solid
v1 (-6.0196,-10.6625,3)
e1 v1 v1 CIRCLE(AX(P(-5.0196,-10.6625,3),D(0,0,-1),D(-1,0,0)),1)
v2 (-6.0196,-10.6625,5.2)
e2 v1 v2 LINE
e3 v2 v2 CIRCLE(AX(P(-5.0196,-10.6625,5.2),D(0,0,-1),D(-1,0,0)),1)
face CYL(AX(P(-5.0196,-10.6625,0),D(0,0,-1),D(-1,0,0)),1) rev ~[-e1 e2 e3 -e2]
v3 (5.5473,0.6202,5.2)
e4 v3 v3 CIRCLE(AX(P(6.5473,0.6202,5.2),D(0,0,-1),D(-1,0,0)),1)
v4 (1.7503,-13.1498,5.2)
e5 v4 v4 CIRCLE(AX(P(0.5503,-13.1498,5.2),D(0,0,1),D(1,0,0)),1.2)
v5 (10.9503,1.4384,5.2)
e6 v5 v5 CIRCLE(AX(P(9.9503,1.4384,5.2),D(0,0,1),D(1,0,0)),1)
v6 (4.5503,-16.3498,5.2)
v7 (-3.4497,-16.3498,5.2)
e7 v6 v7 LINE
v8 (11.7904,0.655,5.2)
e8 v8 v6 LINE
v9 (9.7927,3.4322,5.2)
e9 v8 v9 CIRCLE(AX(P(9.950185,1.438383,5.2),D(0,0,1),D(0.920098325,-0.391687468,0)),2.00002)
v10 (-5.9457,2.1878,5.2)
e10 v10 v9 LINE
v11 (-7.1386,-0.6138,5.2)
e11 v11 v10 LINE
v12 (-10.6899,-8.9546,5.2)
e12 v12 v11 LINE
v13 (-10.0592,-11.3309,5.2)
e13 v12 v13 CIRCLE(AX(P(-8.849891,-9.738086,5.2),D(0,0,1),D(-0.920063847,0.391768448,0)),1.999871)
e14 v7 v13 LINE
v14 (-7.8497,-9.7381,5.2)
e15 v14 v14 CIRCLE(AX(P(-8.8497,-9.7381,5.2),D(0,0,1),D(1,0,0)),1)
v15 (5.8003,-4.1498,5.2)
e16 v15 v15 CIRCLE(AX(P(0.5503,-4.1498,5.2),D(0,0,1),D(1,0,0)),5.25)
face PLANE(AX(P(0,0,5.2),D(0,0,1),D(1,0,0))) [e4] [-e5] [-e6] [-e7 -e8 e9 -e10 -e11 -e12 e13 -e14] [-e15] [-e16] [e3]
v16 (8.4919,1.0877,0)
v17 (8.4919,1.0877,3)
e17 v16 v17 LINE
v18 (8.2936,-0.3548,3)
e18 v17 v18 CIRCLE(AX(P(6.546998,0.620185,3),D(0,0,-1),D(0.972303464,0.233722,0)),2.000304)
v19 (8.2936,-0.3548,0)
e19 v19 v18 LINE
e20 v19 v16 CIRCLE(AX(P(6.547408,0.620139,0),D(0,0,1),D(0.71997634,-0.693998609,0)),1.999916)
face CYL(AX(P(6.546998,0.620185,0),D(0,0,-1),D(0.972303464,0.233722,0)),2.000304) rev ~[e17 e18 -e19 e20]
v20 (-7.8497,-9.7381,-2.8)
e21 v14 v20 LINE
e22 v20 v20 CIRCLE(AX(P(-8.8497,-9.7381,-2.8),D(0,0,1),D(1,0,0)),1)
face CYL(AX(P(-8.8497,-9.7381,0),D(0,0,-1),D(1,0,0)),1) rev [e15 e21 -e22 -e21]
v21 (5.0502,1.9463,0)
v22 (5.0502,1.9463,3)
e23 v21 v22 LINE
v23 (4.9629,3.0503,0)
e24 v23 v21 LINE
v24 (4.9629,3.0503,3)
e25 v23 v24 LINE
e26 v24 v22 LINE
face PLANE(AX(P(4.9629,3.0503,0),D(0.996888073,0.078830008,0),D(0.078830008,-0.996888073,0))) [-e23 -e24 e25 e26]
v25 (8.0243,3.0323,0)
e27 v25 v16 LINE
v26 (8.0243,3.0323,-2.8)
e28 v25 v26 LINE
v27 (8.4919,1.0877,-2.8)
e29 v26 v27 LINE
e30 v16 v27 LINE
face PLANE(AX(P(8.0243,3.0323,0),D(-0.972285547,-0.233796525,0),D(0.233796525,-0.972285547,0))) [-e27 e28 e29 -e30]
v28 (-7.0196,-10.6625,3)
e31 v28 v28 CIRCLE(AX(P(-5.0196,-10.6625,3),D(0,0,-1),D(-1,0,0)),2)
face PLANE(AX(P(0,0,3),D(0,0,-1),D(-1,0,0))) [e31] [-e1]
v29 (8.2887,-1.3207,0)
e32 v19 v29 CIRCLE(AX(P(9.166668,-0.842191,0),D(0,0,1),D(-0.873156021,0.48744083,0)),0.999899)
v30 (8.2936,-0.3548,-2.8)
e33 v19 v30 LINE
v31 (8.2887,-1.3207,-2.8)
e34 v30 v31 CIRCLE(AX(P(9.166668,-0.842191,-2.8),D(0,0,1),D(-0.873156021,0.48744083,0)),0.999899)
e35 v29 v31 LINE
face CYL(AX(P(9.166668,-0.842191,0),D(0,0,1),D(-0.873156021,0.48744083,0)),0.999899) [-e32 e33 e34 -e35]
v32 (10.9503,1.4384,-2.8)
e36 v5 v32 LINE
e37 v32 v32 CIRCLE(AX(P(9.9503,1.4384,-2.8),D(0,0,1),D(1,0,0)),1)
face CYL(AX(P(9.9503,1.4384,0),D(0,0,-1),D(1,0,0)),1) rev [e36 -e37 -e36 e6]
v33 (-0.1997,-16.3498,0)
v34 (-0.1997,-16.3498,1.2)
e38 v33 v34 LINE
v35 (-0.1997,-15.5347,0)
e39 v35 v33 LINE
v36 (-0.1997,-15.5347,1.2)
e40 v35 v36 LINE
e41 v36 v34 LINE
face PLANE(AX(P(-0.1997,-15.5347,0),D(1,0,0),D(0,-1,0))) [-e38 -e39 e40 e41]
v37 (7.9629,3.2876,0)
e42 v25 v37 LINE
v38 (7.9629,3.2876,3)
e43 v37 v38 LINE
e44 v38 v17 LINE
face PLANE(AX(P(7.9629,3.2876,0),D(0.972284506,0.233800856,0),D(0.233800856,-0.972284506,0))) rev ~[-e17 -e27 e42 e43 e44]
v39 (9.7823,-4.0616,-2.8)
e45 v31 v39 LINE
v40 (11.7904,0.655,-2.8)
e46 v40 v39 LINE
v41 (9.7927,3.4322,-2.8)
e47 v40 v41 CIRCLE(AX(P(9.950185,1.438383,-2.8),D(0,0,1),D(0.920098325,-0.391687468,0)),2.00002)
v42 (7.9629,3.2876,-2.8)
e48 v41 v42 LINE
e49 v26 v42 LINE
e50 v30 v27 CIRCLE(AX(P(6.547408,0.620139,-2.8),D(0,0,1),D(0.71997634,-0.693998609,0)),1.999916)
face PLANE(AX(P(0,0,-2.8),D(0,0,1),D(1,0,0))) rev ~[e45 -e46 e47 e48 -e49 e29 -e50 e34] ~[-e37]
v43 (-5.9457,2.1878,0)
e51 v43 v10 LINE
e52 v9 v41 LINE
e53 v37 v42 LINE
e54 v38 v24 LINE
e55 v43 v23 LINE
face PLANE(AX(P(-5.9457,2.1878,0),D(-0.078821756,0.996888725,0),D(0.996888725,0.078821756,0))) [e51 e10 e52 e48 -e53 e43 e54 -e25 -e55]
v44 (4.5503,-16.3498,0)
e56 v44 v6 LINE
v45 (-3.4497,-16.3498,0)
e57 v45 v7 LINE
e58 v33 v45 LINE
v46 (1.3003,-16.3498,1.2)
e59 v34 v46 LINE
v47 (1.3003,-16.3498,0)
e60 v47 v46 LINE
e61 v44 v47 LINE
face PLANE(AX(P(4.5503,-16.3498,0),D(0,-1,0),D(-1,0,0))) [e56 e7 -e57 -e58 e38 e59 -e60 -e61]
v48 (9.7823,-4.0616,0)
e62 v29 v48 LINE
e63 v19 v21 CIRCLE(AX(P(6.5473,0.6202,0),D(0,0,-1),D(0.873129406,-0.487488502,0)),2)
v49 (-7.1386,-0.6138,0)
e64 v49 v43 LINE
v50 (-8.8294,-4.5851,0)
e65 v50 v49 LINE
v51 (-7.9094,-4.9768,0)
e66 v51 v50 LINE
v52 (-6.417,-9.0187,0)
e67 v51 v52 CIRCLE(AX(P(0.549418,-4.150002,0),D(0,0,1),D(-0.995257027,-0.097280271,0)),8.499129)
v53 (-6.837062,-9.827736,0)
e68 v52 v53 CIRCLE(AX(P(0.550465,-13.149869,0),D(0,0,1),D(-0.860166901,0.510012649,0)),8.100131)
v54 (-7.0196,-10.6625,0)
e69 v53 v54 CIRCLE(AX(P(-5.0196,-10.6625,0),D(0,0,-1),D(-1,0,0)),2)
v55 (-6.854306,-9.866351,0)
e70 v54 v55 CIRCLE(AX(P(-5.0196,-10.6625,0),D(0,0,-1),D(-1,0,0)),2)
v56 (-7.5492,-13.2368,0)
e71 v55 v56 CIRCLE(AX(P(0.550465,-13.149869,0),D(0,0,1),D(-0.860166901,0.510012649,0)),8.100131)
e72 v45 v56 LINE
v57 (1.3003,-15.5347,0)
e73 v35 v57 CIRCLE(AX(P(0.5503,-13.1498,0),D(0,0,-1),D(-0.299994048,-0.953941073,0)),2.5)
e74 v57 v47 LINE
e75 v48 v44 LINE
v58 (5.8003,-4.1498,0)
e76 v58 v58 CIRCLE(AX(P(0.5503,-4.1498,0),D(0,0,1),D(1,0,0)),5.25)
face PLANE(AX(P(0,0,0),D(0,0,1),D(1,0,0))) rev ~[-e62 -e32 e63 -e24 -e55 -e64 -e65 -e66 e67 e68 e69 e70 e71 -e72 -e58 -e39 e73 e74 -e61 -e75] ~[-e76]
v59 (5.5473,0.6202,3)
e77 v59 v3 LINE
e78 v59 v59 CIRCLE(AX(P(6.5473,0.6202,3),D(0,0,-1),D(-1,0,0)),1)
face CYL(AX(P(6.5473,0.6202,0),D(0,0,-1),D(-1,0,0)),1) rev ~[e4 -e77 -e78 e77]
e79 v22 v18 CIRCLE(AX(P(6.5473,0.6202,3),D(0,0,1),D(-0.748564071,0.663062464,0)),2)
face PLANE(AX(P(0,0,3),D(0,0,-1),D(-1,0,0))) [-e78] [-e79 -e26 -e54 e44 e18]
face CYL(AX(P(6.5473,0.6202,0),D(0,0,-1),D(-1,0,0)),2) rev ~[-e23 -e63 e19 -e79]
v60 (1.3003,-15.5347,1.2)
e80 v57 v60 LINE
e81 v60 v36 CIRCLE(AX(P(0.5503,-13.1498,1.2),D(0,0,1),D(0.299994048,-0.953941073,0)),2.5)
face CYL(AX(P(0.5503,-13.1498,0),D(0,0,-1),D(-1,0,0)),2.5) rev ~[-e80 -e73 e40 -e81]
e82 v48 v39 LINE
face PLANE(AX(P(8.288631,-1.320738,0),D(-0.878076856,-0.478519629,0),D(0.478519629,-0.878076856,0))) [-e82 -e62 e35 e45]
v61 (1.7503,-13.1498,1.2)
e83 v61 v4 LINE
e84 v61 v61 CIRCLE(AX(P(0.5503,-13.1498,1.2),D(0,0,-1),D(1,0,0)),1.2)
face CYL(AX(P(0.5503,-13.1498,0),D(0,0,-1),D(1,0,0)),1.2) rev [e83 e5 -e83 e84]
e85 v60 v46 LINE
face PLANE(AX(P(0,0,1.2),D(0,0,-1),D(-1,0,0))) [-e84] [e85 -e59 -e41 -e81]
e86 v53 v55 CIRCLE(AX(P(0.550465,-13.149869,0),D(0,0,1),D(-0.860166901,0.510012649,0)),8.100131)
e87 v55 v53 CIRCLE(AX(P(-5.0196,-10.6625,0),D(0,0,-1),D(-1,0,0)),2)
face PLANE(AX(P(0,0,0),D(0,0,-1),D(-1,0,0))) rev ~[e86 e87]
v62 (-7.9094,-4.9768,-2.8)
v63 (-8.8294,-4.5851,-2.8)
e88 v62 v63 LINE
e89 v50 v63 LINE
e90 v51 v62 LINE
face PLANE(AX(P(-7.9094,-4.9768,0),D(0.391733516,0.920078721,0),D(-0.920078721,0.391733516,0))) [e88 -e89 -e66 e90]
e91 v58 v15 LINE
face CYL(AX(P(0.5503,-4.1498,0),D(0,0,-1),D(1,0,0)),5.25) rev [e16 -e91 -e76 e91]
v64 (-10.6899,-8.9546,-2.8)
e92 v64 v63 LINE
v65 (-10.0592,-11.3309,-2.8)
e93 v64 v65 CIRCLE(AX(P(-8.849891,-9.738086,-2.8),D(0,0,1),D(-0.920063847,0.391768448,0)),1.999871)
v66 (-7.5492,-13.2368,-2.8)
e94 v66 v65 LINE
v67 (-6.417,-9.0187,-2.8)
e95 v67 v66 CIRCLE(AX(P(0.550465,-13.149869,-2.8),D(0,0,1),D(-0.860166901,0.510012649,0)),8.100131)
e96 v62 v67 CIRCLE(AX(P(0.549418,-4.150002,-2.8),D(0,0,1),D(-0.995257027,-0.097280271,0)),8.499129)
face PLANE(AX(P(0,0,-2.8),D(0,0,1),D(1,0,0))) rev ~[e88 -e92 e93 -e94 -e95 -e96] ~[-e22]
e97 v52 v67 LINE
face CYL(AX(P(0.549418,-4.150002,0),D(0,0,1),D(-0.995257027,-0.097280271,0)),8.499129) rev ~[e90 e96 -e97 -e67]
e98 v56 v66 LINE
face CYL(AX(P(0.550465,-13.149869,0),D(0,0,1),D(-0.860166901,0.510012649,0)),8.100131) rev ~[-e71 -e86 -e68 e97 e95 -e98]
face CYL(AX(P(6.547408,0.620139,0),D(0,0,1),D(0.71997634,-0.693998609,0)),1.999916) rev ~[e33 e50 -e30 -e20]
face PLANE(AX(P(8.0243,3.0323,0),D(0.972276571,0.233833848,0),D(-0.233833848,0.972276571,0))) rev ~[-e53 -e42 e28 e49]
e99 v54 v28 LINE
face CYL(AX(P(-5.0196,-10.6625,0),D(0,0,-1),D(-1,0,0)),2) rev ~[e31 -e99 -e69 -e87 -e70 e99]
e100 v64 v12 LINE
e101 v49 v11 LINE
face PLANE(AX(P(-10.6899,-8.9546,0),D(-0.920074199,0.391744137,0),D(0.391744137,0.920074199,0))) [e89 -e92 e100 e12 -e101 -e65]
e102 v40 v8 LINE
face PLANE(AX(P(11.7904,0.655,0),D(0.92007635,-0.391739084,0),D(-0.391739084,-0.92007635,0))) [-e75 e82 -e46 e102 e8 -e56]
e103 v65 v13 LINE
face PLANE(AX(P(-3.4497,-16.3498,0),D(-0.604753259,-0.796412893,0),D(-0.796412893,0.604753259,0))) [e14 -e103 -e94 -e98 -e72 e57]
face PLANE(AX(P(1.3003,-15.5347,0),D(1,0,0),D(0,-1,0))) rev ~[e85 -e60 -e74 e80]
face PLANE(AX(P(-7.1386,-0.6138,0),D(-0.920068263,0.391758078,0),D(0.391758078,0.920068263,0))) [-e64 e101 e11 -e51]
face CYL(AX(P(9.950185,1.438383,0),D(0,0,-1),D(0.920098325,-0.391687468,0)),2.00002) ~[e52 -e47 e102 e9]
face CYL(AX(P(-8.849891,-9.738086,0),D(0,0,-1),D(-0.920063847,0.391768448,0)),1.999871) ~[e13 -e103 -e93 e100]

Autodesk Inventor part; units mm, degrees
sketch "sk_mainbody" plane through (0, 0, 0) normal (0, 0, 1) x (1, 0, 0)
  line L0 (-7.1386, -0.6138) -> (9.4827, 3.383) construction
  line L1 (-10.6899, -8.9546) -> (-7.1386, -0.6138) projected
  arc A0 (-10.6899, -8.9546) -> (-10.0592, -11.3309) centre (-8.8497, -9.7381) ccw projected
  line L2 (-3.4497, -16.3498) -> (-10.0592, -11.3309) projected
  circle A1 centre (-8.8497, -9.7381) radius 1 projected
  circle A2 centre (9.9503, 1.4384) radius 1 projected
  arc A3 (11.7904, 0.655) -> (9.4827, 3.383) centre (9.9503, 1.4384) ccw projected
  line L3 (11.7904, 0.655) -> (4.5503, -16.3498) projected
  line L4 (4.5503, -16.3498) -> (-3.4497, -16.3498) projected
  circle A4 centre (0.5503, -4.1498) radius 3.4 construction
  circle A5 centre (0.5503, -13.1498) radius 1 construction
  circle A6 centre (0.5503, -4.1498) radius 5.25
  line L5 (-7.1386, -0.6138) -> (-5.9457, 2.1878)
  line L6 (-5.9457, 2.1878) -> (9.7927, 3.4322)
  circle A7 centre (0.5503, -13.1498) radius 1.2
  point P0 (0, 0)
  dimension "d0" = 10.5
  dimension "d1" = 9
  dimension "d37" = 2.4
extrude "ext_mainbody" add sketch "sk_mainbody" along normal blind 5.2
sketch "sk_bottomsupport" plane through (0, 0, 0) normal (0, 0, 1) x (1, 0, 0)
  line L0 (-10.6899, -8.9546) -> (-7.1386, -0.6138) projected
  arc A0 (-10.6899, -8.9546) -> (-10.0592, -11.3309) centre (-8.8497, -9.7381) ccw projected
  line L1 (-3.4497, -16.3498) -> (-10.0592, -11.3309) projected
  line L2 (4.5503, -16.3498) -> (-3.4497, -16.3498) projected
  line L3 (11.7904, 0.655) -> (4.5503, -16.3498) projected
  arc A1 (11.7904, 0.655) -> (9.4827, 3.383) centre (9.9503, 1.4384) ccw projected
  line L4 (-7.1386, -0.6138) -> (9.4827, 3.383) projected
  circle A2 centre (-8.8497, -9.7381) radius 1 projected
  circle A3 centre (9.9503, 1.4384) radius 1 projected
  circle A4 centre (0.5503, -13.1498) radius 1 construction
  arc A5 (-6.417, -9.0187) -> (-7.5492, -13.2368) centre (0.5503, -13.1498) ccw
  circle A6 centre (-4.5247, -4.1498) radius 1 construction
  circle A7 centre (0.5503, -4.1498) radius 3.4 construction
  circle A8 centre (0.5503, -4.1498) radius 5 construction
  circle A9 centre (-5.0196, -10.6625) radius 2 construction
  circle A10 centre (6.5473, 0.6202) radius 2 construction
  circle A11 centre (6.5473, 0.6202) radius 1
  circle A12 centre (-5.0196, -10.6625) radius 1
  circle A13 centre (9.9503, 1.4384) radius 1.5 construction
  circle A14 centre (0.5503, -4.1498) radius 5.6627 construction
  arc A15 (-7.9094, -4.9768) -> (-6.417, -9.0187) centre (0.5503, -4.1498) ccw
  line L5 (-7.9094, -4.9768) -> (-8.8294, -4.5851)
  line L6 (8.0243, 3.0323) -> (8.4919, 1.0877)
  arc A16 (7.9873, -0.7678) -> (8.4919, 1.0877) centre (6.5473, 0.6202) ccw
  line L7 (-5.0196, -10.6625) -> (-7.1846, -13.5137) construction
  line L8 (-5.0196, -10.6625) -> (-2.8545, -7.8114) construction
  line L9 (7.9873, -0.7678) -> (9.7823, -4.0616)
  arc A17 (8.2936, -0.3548) -> (8.2887, -1.3207) centre (9.1667, -0.8422) ccw
  line L10 (9.7927, 3.4322) -> (-5.9457, 2.1878) projected
  line L11 (8.0243, 3.0323) -> (7.9629, 3.2876)
  point P0 (0, 0)
  point P1 (-5.2757, -0.1658)
  dimension "d12" = 10
  dimension "d16" = 3
  dimension "d5" = 8.1
  dimension "d13" = 4
  dimension "d15" = 2
  dimension "d17" = 11.3254
  dimension "d18" = 8.5
  dimension "d20" = 1
  dimension "d21" = 1
  dimension "d22" = 5.5
ref_plane "Work Plane1" through (-10.5497, -16.3498, -2.2) normal (0, 0, 1) x (1, 0, 0)
ref_plane "Work Plane2" through (-10.8497, -16.3498, -2.5) normal (0, 0, 1) x (1, 0, 0)
ref_plane "Work Plane3" through (-10.8497, -16.3498, -2.8) normal (0, 0, 1) x (1, 0, 0)
extrude "ext_bottomsupport" add sketch "sk_bottomsupport" against normal up to surface (2.8 mm away) contours L0 L5 A15 A5 L1 A0 | L11 L10 A1 L4 | L4 A1 L3 L9 A17 A16 L6
sketch "sk_mountholes" plane through (0, 0, 0) normal (0, 0, -1) x (-1, 0, 0)
  line L0 (-7.9629, 3.2876) -> (-8.4919, 1.0877) projected
  arc A0 (-8.4919, 1.0877) -> (-8.2936, -0.3548) centre (-6.5473, 0.6202) ccw projected
  line L1 (-9.7927, 3.4322) -> (5.9457, 2.1878) projected
  circle A1 centre (-6.5473, 0.6202) radius 2 projected
  circle A2 centre (5.0196, -10.6625) radius 2 projected
  circle A3 centre (-6.5473, 0.6202) radius 1 projected
  circle A4 centre (5.0196, -10.6625) radius 1 projected
  line L2 (-8.0243, 3.0323) -> (-7.9629, 3.2876) projected
  line L3 (-8.0243, 3.0323) -> (-8.4919, 1.0877) projected
  line L4 (-4.9629, 3.0503) -> (-5.0502, 1.9463)
  point P0 (0, 0)
  point P1 (-8.0383, 2.9491)
  dimension "d28" = 3
extrude "ext_mountholes_head" cut sketch "sk_mountholes" against normal blind 3 contours L1 L4 A1 L0 | A1 A0 | A2 | A3 | A4
extrude "ext_mountholes_screw" cut sketch "sk_mountholes" against normal through all contours A3 | A4
sketch "Sketch8" plane through (0, 0, 0) normal (0, 0, -1) x (-1, 0, 0)
  line L0 (3.4497, -16.3498) -> (-4.5503, -16.3498) projected
  circle A0 centre (-0.5503, -13.1498) radius 1 projected
  circle A1 centre (-0.5503, -13.1498) radius 2.5
  line L1 (-0.5503, -13.1498) -> (-0.5503, -16.3498) construction
  line L2 (-1.3003, -15.5347) -> (-1.3003, -16.3498)
  line L3 (0.1997, -15.5347) -> (0.1997, -16.3498)
  point P0 (0, 0)
  dimension "d33" = 5
  dimension "d34" = 1.5
extrude "ext_gearhousing" cut sketch "Sketch8" against normal blind 1.2
equation "\"d37\" = general_dowel_diameter"
equation "\"general_dowel_diameter\" = 2.4"
properties part number "linact_top"
